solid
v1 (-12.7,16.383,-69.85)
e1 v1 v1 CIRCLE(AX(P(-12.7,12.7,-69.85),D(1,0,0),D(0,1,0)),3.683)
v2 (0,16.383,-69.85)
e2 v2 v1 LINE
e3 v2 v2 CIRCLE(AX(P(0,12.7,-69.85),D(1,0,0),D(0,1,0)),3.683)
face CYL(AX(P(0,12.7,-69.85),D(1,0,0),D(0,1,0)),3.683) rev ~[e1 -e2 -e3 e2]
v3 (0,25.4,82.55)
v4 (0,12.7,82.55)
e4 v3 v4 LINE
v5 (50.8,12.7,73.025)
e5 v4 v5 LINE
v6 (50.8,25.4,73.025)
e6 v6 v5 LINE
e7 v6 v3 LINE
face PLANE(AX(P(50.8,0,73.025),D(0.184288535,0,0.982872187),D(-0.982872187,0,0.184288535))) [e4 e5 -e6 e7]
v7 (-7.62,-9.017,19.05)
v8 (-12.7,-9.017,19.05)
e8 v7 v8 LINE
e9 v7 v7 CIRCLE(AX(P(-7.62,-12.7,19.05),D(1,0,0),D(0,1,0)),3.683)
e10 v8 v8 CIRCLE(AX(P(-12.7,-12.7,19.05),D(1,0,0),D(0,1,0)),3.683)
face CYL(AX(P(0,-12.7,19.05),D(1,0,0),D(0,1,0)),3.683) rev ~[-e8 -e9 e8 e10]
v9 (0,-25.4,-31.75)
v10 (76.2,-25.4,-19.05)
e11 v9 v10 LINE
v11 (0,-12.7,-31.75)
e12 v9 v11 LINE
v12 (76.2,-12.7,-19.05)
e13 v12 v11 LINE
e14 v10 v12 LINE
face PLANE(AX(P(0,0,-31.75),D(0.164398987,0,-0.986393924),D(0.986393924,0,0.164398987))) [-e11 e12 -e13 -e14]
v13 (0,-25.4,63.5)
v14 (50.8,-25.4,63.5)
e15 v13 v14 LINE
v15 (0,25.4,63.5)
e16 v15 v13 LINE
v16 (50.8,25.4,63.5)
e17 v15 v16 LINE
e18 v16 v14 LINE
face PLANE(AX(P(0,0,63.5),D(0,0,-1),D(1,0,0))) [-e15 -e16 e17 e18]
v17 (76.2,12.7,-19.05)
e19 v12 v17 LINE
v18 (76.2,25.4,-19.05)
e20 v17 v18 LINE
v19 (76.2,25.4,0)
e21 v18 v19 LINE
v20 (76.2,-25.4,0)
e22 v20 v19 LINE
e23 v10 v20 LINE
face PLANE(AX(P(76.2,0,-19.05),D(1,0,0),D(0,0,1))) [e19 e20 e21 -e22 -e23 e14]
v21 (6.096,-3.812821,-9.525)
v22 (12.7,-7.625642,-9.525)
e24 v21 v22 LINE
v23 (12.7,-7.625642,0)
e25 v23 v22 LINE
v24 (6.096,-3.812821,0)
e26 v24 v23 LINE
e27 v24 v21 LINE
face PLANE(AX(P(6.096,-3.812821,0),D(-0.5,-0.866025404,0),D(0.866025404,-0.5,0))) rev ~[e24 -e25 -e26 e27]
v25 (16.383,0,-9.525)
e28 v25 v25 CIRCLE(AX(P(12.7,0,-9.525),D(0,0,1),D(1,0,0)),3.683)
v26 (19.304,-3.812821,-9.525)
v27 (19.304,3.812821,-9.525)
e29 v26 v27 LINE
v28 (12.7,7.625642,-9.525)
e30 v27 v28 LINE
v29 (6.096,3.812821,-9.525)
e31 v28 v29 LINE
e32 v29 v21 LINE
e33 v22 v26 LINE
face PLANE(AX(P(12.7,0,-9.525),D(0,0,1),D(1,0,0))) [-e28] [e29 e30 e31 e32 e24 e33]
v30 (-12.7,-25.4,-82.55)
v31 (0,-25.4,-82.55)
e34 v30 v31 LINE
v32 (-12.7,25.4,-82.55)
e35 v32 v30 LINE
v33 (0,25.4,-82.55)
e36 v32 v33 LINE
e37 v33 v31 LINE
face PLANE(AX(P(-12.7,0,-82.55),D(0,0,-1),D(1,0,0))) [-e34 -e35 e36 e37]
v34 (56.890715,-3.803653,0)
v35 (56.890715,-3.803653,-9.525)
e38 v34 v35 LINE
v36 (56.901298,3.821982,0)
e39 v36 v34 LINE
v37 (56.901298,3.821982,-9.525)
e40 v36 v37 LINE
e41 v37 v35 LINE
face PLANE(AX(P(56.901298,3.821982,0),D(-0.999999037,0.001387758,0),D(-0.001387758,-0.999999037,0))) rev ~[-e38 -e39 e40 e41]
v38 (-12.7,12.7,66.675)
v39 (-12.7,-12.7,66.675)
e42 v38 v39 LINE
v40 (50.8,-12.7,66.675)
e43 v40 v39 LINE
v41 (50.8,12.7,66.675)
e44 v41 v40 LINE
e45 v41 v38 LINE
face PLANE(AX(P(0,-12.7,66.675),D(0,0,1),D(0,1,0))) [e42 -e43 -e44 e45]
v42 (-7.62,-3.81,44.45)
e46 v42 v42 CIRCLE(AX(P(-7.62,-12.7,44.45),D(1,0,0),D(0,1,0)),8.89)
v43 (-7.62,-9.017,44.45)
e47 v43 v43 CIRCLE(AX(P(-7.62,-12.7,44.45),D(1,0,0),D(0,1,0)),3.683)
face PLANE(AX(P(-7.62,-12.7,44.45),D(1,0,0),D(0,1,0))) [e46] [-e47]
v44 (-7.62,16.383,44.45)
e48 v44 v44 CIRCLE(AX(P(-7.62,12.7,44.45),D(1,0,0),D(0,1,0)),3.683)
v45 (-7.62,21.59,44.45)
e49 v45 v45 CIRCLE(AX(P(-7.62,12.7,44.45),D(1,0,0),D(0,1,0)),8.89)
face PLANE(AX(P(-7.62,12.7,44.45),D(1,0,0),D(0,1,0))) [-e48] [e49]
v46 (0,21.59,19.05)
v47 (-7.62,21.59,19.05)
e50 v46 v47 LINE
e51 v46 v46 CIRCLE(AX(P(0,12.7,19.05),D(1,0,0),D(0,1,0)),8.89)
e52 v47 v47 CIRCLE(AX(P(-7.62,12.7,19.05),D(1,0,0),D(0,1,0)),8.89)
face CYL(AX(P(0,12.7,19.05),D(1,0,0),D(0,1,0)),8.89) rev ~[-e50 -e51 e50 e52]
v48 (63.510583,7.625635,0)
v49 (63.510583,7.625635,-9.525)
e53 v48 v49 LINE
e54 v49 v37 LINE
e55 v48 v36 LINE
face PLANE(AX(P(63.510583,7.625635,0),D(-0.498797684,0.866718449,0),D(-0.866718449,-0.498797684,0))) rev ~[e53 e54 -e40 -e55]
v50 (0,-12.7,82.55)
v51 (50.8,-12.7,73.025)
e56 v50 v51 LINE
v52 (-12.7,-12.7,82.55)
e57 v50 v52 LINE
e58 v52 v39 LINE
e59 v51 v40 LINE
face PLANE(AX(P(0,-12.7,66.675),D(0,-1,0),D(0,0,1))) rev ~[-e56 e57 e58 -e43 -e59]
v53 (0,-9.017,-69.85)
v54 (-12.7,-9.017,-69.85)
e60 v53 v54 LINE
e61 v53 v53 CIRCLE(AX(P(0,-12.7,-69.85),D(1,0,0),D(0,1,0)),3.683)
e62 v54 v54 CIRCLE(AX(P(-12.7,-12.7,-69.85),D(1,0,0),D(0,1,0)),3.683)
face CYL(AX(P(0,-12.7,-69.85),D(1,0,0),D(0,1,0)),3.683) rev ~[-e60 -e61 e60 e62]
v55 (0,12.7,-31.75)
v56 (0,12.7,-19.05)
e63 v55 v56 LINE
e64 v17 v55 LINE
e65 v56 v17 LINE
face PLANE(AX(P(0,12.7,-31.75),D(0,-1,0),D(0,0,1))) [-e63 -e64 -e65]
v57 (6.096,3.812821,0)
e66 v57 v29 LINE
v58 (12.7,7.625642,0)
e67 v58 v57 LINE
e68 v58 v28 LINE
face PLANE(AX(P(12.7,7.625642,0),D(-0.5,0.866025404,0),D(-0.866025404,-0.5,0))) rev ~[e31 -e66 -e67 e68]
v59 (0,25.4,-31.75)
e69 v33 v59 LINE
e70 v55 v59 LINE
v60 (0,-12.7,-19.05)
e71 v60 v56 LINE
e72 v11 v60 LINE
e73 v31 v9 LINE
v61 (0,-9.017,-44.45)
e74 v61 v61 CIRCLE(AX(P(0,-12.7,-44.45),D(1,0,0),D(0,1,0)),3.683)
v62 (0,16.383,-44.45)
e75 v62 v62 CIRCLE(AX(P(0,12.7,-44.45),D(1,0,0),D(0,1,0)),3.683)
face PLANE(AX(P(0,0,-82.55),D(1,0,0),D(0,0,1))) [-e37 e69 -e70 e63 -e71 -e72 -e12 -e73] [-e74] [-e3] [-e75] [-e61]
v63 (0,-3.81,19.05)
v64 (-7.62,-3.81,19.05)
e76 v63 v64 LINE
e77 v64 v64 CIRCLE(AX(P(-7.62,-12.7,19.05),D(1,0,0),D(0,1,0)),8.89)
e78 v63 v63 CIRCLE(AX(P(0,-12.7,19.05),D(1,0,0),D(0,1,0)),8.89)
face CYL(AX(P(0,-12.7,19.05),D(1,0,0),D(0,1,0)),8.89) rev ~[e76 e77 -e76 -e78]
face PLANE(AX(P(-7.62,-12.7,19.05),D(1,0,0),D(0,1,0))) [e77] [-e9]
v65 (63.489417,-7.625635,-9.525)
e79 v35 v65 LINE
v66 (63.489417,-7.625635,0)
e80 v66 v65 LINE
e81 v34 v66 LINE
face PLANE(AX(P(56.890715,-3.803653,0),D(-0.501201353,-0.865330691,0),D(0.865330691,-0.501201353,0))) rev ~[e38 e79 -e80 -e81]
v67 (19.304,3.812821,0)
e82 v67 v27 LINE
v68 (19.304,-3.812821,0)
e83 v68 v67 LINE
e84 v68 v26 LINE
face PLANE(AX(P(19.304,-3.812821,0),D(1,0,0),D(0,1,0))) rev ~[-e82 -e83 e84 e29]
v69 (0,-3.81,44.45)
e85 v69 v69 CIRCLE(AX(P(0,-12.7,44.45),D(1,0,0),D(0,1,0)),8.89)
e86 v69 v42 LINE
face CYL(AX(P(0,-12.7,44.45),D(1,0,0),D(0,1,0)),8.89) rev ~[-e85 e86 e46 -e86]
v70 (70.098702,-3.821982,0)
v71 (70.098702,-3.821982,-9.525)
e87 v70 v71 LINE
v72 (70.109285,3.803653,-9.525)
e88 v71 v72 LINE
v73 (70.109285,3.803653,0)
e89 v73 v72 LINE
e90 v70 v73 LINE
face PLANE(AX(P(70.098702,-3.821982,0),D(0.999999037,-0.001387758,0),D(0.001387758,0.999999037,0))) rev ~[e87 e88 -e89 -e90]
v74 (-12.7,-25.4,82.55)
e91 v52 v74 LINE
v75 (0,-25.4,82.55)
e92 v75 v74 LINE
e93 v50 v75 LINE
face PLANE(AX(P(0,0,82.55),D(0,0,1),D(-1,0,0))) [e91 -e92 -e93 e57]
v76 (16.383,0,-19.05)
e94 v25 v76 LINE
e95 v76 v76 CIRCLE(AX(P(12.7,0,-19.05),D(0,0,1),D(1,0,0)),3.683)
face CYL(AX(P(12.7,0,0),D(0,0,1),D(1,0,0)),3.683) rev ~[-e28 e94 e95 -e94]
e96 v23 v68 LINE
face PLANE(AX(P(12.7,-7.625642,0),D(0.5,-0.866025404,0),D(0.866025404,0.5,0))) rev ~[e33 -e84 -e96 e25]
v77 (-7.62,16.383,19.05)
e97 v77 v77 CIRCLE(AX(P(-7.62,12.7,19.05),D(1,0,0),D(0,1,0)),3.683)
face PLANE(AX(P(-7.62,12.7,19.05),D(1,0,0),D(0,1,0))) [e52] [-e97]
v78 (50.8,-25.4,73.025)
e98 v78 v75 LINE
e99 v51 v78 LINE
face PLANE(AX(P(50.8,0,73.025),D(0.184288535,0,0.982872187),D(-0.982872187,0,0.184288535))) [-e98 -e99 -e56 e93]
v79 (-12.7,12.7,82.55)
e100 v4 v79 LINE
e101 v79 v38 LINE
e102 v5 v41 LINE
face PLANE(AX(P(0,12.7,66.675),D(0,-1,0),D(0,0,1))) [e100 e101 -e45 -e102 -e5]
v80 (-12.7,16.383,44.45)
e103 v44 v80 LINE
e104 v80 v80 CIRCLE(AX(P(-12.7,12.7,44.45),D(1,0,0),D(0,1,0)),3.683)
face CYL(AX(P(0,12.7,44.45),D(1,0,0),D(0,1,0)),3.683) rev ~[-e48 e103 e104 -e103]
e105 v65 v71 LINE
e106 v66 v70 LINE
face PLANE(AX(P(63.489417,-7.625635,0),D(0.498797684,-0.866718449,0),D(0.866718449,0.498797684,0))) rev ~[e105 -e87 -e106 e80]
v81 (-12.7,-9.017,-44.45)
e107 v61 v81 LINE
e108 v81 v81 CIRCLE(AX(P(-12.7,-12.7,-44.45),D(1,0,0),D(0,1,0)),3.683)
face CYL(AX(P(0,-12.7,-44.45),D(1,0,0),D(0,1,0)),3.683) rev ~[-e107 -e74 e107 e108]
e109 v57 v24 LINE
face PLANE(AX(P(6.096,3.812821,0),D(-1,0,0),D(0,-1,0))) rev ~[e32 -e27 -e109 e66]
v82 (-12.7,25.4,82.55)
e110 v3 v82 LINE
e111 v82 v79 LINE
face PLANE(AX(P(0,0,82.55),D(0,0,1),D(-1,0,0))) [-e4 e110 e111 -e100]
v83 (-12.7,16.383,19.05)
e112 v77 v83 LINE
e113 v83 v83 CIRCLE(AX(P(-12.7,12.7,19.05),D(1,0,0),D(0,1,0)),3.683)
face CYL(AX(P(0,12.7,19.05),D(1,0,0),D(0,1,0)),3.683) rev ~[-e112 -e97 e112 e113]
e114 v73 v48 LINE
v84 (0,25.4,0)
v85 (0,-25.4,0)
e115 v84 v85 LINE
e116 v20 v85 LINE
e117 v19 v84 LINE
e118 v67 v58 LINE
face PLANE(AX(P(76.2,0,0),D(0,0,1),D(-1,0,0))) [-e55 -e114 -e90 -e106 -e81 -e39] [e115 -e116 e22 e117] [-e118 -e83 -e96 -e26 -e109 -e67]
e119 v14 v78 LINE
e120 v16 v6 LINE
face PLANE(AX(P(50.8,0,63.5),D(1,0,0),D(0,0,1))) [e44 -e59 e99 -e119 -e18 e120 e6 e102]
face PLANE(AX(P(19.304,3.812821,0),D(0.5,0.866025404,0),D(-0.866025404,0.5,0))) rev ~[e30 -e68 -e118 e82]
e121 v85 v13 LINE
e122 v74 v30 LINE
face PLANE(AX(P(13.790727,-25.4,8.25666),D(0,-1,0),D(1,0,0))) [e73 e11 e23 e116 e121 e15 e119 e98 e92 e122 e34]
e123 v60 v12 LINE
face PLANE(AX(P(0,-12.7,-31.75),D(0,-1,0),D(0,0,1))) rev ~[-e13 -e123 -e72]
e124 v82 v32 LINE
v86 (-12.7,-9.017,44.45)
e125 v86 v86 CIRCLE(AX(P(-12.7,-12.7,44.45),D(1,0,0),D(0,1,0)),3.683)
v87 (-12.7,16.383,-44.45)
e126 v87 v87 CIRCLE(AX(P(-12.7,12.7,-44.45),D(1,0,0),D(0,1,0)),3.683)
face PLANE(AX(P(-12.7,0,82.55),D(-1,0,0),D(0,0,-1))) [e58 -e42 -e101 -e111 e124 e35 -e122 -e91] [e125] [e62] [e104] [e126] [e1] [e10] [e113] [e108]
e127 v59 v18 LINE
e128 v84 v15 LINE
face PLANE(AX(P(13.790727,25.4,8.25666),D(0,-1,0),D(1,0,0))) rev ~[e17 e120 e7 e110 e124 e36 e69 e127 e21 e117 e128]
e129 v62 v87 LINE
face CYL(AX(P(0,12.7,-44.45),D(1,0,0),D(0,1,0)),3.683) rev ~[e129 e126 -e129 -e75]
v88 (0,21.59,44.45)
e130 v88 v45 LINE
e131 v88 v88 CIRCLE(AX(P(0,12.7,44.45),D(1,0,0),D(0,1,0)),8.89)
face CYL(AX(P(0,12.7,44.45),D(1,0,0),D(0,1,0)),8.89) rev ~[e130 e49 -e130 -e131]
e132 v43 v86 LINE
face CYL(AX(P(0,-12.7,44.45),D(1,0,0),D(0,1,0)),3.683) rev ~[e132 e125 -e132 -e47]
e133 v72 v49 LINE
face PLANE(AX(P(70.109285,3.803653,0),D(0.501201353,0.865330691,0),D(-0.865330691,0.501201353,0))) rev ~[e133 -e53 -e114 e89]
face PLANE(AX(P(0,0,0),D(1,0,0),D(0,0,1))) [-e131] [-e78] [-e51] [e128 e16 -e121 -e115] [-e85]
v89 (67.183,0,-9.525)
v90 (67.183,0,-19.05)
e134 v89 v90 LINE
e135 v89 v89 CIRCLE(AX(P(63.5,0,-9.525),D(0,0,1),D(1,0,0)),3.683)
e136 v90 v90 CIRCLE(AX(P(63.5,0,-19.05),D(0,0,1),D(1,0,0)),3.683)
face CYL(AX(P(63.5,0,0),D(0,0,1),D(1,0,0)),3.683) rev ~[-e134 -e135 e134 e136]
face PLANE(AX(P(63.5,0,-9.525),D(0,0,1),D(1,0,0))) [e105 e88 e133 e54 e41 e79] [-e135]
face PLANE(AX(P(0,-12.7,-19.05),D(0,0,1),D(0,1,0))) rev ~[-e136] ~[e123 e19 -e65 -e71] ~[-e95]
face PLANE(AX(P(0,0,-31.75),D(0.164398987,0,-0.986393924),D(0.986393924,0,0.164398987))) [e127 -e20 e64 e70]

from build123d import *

# Parameters (mm, degrees)
F1_DEPTH      = 25.4
F2_W          = 25.4
F2_H          = 15.875
F3_DEPTH      = 12.701
F3_DEPTH_BACK = 76.201
F5_DEPTH      = 9.525
F6_R          = 3.683
F7_DEPTH      = 82.551
F8_W          = 25.4
F8_H          = 12.7
F9_DEPTH      = 76.201
F10_R         = 3.683
F11_DEPTH     = 12.701
F12_R         = 8.89
F13_DEPTH     = 7.62


with BuildPart() as f1:
    # F0 (on Front) → F1 (new body, symmetric)
    with BuildSketch(Plane.XZ):
        Polygon((76.2, 0), (0, 0), (0, 63.5), (50.8, 63.5), (50.8, 73.025), (0, 82.55), (-12.7, 82.55), (-12.7, -82.55), (0, -82.55), (0, -31.75), (76.2, -19.05), align=None)
    extrude(amount=F1_DEPTH, both=True)

    # F2 (on Right) → F3 (cut, two sides)
    with BuildSketch(Plane.YZ) as f3_sk:
        with Locations((0, 74.6125)):
            Rectangle(F2_W, F2_H)
    extrude(amount=-F3_DEPTH, mode=Mode.SUBTRACT)
    extrude(f3_sk.sketch, amount=F3_DEPTH_BACK, mode=Mode.SUBTRACT)

    # F4 (on Top) → F5 (cut)
    with BuildSketch(Plane.XY):
        Polygon((19.304, -3.8128211777), (19.304, 3.8128211777), (12.7, 7.6256423555), (6.096, 3.8128211777), (6.096, -3.8128211777), (12.7, -7.6256423555), align=None)
        Polygon((70.1092849155, 3.8036527495), (63.5105825496, 7.6256350124), (56.901297634, 3.821982263), (56.8907150845, -3.8036527495), (63.4894174504, -7.6256350124), (70.098702366, -3.821982263), align=None)
    extrude(amount=-F5_DEPTH, mode=Mode.SUBTRACT)

    # F6 (on Top) → F7 (cut, through all)
    with BuildSketch(Plane.XY):
        with Locations((12.7, 0)):
            Circle(F6_R)
        with Locations((63.5, 0)):
            Circle(F6_R)
    extrude(amount=-F7_DEPTH, mode=Mode.SUBTRACT)

    # F8 (on Right) → F9 (cut, through all)
    with BuildSketch(Plane.YZ):
        with Locations((0, -25.4)):
            Rectangle(F8_W, F8_H)
    extrude(amount=F9_DEPTH, mode=Mode.SUBTRACT)

    # F10 (on Right) → F11 (cut, through all)
    with BuildSketch(Plane.YZ):
        with Locations((-12.7, -44.45)):
            Circle(F10_R)
        with Locations((12.7, -44.45)):
            Circle(F10_R)
        with Locations((-12.7, -69.85)):
            Circle(F10_R)
        with Locations((12.7, -69.85)):
            Circle(F10_R)
        with Locations((-12.7, 19.05)):
            Circle(F10_R)
        with Locations((12.7, 19.05)):
            Circle(F10_R)
        with Locations((-12.7, 44.45)):
            Circle(F10_R)
        with Locations((12.7, 44.45)):
            Circle(F10_R)
    extrude(amount=-F11_DEPTH, mode=Mode.SUBTRACT)

    # F12 (on Right) → F13 (cut)
    with BuildSketch(Plane.YZ):
        with Locations((-12.7, 44.45)):
            Circle(F12_R)
        with Locations((12.7, 44.45)):
            Circle(F12_R)
        with Locations((-12.7, 19.05)):
            Circle(F12_R)
        with Locations((12.7, 19.05)):
            Circle(F12_R)
    extrude(amount=-F13_DEPTH, mode=Mode.SUBTRACT)


solid = f1.part
